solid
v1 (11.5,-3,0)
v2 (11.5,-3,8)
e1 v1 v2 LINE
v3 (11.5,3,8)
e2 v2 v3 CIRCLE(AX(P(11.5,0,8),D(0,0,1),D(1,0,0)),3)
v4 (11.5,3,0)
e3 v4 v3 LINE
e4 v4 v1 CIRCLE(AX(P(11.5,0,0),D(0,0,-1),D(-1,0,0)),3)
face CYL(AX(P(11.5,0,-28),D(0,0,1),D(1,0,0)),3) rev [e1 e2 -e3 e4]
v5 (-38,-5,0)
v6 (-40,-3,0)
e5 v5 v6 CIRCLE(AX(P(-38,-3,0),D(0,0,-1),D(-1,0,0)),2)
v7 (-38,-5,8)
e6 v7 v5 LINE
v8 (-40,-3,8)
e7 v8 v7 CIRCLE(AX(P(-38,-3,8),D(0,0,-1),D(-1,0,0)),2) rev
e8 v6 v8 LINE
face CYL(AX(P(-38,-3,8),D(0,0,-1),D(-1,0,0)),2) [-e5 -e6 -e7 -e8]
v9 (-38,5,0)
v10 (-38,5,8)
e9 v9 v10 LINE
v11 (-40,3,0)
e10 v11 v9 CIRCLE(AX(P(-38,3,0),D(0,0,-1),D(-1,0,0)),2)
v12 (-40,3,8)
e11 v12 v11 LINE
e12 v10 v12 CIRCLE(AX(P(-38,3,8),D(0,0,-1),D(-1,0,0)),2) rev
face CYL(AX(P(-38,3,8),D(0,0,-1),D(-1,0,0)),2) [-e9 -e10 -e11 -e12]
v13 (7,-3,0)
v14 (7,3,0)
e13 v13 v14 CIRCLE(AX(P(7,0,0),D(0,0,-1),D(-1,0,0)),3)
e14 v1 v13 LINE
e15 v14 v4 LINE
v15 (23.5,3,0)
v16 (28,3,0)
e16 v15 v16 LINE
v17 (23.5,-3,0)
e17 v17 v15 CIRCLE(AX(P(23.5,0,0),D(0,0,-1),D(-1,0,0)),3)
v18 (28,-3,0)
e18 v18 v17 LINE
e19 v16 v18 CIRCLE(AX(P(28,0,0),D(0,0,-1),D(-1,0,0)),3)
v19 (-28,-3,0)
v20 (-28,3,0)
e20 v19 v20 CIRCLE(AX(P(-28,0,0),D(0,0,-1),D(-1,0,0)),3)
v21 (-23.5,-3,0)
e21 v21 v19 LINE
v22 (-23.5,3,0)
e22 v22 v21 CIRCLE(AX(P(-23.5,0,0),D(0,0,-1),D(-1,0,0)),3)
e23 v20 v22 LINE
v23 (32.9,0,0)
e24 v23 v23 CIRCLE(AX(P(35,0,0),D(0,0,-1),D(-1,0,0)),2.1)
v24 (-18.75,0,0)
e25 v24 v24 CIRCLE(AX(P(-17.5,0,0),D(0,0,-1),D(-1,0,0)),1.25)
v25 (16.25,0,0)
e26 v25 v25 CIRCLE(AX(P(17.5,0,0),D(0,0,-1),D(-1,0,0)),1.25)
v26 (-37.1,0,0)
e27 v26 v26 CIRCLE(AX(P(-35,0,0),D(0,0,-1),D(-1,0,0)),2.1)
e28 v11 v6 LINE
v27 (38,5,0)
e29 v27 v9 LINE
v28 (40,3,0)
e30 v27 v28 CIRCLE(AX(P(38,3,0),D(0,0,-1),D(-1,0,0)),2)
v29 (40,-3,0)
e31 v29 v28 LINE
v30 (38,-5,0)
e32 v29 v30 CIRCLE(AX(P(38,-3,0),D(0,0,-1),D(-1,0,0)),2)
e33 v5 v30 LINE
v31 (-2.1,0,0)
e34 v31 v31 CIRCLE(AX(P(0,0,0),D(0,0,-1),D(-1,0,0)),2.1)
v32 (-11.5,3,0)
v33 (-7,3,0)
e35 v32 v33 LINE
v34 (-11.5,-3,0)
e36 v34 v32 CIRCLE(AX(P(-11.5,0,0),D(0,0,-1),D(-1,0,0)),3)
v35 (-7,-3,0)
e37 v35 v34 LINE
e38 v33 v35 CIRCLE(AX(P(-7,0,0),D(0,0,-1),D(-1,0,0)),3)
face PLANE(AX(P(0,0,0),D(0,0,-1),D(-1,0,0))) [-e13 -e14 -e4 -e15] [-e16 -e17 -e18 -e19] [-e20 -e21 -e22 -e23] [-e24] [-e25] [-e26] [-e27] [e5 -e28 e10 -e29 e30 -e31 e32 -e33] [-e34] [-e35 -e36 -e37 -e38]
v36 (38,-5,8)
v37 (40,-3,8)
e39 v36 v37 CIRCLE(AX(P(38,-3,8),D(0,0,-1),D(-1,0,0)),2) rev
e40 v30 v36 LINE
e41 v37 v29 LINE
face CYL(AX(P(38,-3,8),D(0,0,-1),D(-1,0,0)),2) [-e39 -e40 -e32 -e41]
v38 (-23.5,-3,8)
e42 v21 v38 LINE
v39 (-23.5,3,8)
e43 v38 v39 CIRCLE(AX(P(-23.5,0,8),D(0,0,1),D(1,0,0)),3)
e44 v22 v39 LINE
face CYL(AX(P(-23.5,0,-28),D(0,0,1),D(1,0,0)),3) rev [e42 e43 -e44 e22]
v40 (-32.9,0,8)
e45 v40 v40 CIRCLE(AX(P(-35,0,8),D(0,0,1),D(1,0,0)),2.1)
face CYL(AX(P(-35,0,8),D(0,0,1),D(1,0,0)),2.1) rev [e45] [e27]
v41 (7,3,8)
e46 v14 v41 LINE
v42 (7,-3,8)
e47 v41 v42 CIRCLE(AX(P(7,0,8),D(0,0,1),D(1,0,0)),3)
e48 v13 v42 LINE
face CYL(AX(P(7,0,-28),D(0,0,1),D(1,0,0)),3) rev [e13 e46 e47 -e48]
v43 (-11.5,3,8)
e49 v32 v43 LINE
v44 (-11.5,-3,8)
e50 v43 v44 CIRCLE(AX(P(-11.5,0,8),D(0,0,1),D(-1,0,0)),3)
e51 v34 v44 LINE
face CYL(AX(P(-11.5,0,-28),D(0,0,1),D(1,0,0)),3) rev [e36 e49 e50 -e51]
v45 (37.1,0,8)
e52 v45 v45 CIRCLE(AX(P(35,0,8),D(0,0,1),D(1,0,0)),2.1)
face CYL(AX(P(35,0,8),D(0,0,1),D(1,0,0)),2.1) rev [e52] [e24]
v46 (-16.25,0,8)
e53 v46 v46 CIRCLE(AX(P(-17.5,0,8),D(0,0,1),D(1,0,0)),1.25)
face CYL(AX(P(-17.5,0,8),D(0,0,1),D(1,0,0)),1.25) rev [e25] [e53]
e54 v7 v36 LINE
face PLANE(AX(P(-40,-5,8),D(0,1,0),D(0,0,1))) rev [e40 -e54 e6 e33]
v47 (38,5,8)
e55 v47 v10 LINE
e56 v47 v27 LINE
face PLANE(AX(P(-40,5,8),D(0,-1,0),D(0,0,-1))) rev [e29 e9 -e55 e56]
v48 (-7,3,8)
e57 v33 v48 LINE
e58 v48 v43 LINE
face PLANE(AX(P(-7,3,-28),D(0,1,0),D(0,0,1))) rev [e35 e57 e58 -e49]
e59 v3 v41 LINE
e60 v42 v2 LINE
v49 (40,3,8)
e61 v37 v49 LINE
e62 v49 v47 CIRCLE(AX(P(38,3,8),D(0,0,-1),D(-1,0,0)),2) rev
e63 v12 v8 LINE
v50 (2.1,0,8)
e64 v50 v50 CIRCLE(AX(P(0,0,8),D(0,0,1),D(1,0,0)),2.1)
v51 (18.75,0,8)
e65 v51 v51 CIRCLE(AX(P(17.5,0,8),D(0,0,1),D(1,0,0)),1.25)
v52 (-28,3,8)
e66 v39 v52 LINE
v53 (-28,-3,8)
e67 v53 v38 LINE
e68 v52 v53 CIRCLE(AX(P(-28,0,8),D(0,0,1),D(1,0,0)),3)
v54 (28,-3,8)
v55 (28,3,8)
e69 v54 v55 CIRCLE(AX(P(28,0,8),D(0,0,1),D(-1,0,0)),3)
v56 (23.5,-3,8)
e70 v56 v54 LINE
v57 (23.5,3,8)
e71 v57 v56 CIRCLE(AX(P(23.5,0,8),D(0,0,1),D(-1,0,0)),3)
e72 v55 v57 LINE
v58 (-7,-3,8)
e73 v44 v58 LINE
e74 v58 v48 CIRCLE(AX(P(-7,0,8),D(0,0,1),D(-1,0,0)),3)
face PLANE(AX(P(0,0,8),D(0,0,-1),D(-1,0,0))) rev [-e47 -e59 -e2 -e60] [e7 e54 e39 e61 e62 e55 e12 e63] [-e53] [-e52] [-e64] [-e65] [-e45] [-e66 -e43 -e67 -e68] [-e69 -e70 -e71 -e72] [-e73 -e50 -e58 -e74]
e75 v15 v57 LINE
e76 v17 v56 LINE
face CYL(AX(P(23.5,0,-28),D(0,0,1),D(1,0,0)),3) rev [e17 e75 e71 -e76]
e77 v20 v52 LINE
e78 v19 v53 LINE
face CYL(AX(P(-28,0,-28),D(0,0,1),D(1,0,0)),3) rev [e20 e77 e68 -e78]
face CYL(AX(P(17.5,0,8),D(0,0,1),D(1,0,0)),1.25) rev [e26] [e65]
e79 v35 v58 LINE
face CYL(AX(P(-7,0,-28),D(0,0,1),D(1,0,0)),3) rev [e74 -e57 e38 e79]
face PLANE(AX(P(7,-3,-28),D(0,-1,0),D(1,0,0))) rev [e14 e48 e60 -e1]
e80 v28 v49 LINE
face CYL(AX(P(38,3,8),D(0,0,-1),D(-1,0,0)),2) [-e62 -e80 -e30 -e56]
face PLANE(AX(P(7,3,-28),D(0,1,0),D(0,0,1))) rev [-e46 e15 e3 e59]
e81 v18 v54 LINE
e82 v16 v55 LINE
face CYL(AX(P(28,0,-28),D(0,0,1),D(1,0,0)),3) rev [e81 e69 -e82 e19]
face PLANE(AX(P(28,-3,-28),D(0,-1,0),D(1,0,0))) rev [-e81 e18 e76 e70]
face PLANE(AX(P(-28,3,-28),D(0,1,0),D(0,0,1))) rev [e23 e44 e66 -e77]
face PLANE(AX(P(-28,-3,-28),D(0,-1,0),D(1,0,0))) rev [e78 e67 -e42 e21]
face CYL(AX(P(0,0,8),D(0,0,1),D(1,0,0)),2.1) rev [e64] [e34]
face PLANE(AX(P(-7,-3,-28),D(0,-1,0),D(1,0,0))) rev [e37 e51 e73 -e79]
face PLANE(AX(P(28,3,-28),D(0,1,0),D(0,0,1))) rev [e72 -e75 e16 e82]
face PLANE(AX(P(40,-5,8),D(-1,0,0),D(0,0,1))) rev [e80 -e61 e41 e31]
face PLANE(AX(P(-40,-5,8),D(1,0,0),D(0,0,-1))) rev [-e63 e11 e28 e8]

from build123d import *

# Parameters (mm, degrees)
SKETCH_1_W             = 80
SKETCH_1_H             = 10
EXTRUDE_1_DEPTH        = 8
HOLE_WIZARD_M5_1_D     = 4.2
HOLE_WIZARD_M5_1_DEPTH = 12.4
HOLE_WIZARD_M5_1_TIP   = 1.2618073
HOLE_WIZARD_M3_1_D     = 2.5
HOLE_WIZARD_M3_1_DEPTH = 17.5
HOLE_WIZARD_M3_1_TIP   = 0.751075774
FILLET_1_R             = 2
CUT_EXTRUDE_1_DEPTH    = 36


with BuildPart() as part:
    # 草图1 → 凸台-拉伸1 (new body)
    with BuildSketch(Plane.XY):
        Rectangle(SKETCH_1_W, SKETCH_1_H)
    extrude(amount=EXTRUDE_1_DEPTH)

    # M5 螺纹孔1
    with Locations(Plane.XY.offset(8)):
        with Locations((-35, 0), (0, 0), (35, 0)):
            Hole(HOLE_WIZARD_M5_1_D / 2, depth=HOLE_WIZARD_M5_1_DEPTH)
            with Locations((0, 0, -(HOLE_WIZARD_M5_1_DEPTH + HOLE_WIZARD_M5_1_TIP / 2))):  # 118° drill point
                Cone(0, HOLE_WIZARD_M5_1_D / 2, HOLE_WIZARD_M5_1_TIP, mode=Mode.SUBTRACT)

    # M3 螺纹孔1
    with Locations(Plane.XY.offset(8)):
        with Locations((-17.5, 0), (17.5, 0)):
            Hole(HOLE_WIZARD_M3_1_D / 2, depth=HOLE_WIZARD_M3_1_DEPTH)
            with Locations((0, 0, -(HOLE_WIZARD_M3_1_DEPTH + HOLE_WIZARD_M3_1_TIP / 2))):  # 118° drill point
                Cone(0, HOLE_WIZARD_M3_1_D / 2, HOLE_WIZARD_M3_1_TIP, mode=Mode.SUBTRACT)

    # 圆角1
    fillet_1_edges = [part.edges().sort_by_distance(p)[0] for p in [
        (40, -5, 4),
        (-40, -5, 4),
        (-40, 5, 4),
        (40, 5, 4),
    ]]
    fillet(fillet_1_edges, radius=FILLET_1_R)

    # 草图8 → 切除-拉伸1 (cut)
    with BuildSketch(Plane.XY.offset(8)):
        with BuildLine():
            Line((-28, 3), (-23.5, 3))
            ThreePointArc((-23.5, 3), (-20.5, 0), (-23.5, -3))
            Line((-23.5, -3), (-28, -3))
            ThreePointArc((-28, -3), (-31, 0), (-28, 3))
        make_face()
        with BuildLine():
            Line((-7, 3), (-11.5, 3))
            ThreePointArc((-11.5, 3), (-14.5, 0), (-11.5, -3))
            Line((-11.5, -3), (-7, -3))
            ThreePointArc((-7, -3), (-4, 0), (-7, 3))
        make_face()
        with BuildLine():
            Line((7, 3), (11.5, 3))
            ThreePointArc((11.5, 3), (14.5, 0), (11.5, -3))
            Line((11.5, -3), (7, -3))
            ThreePointArc((7, -3), (4, 0), (7, 3))
        make_face()
        with BuildLine():
            Line((28, 3), (23.5, 3))
            ThreePointArc((23.5, 3), (20.5, 0), (23.5, -3))
            Line((23.5, -3), (28, -3))
            ThreePointArc((28, -3), (31, 0), (28, 3))
        make_face()
    extrude(amount=-CUT_EXTRUDE_1_DEPTH, mode=Mode.SUBTRACT)


solid = part.part
